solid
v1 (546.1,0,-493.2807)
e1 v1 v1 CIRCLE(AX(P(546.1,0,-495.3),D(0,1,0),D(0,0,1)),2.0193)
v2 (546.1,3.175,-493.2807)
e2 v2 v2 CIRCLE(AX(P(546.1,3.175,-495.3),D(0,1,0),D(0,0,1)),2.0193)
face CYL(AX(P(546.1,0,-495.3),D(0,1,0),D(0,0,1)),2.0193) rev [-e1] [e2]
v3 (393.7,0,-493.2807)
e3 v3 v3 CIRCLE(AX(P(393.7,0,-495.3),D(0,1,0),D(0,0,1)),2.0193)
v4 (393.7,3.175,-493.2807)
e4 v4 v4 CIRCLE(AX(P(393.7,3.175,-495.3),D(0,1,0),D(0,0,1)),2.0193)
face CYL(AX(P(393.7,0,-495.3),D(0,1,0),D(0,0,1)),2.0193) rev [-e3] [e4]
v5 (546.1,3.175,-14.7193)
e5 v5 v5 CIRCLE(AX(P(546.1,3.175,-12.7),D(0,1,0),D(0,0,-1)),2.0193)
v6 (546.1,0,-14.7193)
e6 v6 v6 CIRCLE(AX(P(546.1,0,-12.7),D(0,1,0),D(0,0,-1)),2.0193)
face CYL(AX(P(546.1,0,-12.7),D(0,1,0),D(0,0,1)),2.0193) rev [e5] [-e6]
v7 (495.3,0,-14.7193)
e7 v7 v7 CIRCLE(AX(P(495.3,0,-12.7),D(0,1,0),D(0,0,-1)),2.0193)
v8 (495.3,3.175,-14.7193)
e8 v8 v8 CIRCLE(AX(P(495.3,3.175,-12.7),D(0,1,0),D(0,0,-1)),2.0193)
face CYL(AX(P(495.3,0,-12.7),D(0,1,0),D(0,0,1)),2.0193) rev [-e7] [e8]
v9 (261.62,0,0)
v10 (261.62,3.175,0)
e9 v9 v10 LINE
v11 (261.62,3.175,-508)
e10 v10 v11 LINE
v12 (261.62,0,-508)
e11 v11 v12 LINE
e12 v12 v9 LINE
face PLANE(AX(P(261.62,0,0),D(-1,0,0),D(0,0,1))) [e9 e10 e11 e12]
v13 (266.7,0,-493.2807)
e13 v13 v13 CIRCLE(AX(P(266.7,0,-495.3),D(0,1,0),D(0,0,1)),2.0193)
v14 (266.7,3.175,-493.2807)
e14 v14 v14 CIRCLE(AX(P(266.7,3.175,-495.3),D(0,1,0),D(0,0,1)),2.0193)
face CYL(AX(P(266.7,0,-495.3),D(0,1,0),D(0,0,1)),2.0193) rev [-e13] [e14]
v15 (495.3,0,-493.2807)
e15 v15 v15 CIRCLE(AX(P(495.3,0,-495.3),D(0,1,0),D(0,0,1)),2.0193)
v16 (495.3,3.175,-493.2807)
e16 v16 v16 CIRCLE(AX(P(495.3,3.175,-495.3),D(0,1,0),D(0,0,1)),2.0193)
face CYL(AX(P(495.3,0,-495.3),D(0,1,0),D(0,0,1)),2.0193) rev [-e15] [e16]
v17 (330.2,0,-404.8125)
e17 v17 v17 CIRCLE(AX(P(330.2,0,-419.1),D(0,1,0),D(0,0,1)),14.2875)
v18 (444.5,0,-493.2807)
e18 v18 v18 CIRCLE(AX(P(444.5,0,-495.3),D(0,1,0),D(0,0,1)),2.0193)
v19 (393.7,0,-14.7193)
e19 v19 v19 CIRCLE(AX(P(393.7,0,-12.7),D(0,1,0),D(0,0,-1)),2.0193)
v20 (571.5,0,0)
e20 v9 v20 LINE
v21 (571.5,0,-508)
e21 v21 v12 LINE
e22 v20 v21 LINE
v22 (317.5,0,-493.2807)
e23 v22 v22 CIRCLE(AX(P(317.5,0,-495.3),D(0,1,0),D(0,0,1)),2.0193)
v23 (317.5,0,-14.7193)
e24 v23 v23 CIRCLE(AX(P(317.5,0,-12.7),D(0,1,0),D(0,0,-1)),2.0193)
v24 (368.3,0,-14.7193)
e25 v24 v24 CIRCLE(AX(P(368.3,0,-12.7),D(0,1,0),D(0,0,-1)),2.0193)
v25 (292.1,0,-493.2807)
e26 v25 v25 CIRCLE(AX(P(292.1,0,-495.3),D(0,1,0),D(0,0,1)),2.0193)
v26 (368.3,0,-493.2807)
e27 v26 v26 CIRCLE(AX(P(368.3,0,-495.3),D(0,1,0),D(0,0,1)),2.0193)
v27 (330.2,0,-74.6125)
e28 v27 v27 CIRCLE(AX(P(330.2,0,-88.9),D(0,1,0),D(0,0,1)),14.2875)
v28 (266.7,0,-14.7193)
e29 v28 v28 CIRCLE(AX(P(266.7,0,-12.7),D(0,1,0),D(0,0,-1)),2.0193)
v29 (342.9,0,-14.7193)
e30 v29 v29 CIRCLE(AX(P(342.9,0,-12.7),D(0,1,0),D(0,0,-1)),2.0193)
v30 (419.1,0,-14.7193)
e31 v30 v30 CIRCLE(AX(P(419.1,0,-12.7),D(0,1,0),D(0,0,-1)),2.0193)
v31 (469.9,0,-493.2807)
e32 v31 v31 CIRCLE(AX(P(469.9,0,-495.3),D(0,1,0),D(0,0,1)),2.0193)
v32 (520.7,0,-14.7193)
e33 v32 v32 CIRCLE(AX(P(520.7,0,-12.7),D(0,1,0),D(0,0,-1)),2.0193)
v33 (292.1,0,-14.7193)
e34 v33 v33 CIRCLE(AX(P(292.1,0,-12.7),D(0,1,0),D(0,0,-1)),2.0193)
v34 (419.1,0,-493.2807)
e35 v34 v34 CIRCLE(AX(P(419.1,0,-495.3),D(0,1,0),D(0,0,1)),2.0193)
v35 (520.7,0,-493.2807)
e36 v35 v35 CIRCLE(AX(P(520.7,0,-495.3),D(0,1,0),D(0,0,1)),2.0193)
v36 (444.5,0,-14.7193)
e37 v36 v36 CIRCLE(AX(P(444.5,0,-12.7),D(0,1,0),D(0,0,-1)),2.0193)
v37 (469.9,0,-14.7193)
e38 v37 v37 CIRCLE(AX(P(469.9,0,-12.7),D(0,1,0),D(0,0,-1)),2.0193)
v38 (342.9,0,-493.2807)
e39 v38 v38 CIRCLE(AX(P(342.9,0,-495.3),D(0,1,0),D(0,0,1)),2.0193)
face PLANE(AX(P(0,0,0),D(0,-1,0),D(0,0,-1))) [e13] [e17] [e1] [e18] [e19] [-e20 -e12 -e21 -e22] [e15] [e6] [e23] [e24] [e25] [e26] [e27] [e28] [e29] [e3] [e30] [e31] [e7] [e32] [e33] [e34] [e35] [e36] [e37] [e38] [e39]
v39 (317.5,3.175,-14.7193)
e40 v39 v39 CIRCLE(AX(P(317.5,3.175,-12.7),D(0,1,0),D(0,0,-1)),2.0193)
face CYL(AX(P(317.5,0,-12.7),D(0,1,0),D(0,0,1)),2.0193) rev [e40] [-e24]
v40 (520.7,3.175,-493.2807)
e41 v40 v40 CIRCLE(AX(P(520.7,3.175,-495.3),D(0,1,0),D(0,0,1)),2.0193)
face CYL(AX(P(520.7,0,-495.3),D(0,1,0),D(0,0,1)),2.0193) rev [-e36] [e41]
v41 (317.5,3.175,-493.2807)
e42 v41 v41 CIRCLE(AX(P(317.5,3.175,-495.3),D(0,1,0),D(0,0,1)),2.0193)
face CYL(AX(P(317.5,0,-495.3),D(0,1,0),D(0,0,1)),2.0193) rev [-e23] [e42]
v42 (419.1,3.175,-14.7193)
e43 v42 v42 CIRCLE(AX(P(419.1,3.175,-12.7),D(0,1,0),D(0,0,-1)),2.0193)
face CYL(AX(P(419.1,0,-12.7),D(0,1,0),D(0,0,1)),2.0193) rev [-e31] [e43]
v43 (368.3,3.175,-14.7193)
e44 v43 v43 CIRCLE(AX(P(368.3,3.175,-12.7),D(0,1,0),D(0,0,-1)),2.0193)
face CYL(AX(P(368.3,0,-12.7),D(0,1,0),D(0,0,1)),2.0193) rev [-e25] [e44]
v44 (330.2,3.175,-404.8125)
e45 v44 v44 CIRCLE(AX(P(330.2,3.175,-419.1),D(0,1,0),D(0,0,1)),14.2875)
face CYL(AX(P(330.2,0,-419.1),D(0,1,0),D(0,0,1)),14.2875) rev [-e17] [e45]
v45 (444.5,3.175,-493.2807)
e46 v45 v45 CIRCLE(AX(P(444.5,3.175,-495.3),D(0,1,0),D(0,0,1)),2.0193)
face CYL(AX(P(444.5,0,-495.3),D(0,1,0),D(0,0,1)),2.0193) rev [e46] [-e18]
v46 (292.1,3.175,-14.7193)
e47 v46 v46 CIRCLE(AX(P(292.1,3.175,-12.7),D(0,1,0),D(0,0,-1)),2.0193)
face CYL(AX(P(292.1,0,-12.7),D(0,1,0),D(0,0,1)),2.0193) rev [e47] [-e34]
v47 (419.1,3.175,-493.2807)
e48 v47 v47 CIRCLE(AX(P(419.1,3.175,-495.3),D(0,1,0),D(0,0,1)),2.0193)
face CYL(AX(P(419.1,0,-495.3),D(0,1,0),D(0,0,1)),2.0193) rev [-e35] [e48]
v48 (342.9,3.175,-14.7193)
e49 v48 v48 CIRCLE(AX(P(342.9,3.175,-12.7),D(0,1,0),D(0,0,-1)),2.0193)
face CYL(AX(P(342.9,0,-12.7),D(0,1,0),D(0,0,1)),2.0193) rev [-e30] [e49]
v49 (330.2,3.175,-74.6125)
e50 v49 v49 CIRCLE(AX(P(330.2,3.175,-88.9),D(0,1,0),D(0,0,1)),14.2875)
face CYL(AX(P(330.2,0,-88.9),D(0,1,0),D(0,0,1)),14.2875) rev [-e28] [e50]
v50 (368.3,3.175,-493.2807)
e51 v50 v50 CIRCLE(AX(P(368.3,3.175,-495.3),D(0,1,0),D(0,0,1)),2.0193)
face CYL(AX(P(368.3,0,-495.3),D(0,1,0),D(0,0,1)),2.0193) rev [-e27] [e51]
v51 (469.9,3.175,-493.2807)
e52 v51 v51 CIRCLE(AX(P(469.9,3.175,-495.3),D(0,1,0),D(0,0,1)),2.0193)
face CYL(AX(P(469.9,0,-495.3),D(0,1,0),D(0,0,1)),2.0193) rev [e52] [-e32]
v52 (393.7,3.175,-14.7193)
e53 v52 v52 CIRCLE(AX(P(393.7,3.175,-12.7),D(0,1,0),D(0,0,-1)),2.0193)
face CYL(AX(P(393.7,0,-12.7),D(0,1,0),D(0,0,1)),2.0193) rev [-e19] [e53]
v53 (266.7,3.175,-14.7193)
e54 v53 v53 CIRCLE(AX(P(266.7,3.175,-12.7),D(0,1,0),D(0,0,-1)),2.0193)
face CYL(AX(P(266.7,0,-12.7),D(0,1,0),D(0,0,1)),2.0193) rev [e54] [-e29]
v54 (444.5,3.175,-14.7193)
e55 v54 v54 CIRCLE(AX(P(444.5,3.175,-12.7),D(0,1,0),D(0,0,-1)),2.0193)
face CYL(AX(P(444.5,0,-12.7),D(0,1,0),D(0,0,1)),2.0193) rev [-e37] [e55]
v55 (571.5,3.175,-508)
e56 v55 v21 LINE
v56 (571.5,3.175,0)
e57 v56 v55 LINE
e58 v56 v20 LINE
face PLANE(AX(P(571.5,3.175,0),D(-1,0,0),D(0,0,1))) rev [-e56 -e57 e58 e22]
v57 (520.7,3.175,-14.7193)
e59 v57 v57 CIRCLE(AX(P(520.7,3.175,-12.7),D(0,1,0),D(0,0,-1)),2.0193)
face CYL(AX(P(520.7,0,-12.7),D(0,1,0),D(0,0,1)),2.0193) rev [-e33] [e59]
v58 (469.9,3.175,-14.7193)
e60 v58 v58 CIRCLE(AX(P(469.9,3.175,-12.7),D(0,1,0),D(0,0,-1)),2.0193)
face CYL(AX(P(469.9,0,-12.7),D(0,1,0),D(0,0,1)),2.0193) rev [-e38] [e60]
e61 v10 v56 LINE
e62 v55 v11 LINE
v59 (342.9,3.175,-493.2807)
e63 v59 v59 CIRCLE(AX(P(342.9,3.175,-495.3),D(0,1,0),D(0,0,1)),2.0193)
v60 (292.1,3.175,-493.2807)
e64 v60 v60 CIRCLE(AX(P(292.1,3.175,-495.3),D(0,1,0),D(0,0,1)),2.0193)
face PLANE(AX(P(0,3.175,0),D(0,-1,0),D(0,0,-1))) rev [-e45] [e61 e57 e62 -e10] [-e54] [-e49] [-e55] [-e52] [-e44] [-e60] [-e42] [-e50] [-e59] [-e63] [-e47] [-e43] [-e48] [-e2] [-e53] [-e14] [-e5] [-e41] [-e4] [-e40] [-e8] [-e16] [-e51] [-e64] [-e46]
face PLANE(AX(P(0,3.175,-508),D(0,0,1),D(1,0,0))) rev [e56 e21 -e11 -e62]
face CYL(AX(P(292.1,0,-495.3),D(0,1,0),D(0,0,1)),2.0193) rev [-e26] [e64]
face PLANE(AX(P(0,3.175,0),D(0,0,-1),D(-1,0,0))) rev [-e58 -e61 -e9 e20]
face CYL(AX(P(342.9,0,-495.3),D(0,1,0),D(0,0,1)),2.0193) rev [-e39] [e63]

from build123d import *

# Parameters (mm, degrees)
SKETCH1_W               = 571.5
SKETCH1_H               = 508
BOSS_EXTRUDE1_DEPTH     = 3.175
SKETCH2_R               = 14.2875
CUT_EXTRUDE1_DEPTH      = 3.175
SKETCH4_R               = 2.0193
CUT_EXTRUDE3_DEPTH      = 1
CUT_EXTRUDE3_DEPTH_BACK = 4.175
SKETCH5_W               = 619.579537293
SKETCH5_H               = 89.035098343
CUT_EXTRUDE4_DEPTH      = 165.1
SKETCH6_W               = 508
SKETCH6_H               = 3.175
CUT_EXTRUDE5_DEPTH      = 96.52


with BuildPart() as part:
    # Sketch1 → Boss-Extrude1 (new body)
    with BuildSketch(Plane(origin=(0, 0, 0), x_dir=(1, 0, 0), z_dir=(0, 1, 0))):
        with Locations((285.75, 254)):
            Rectangle(SKETCH1_W, SKETCH1_H)
    extrude(amount=BOSS_EXTRUDE1_DEPTH)

    # Sketch2 → Cut-Extrude1 (cut)
    with BuildSketch(Plane(origin=(0, 3.175, 0), x_dir=(1, 0, 0), z_dir=(0, 1, 0))):
        with Locations((330.2, 419.1)):
            Circle(SKETCH2_R)
        with Locations((330.2, 88.9)):
            Circle(SKETCH2_R)
    extrude(amount=-CUT_EXTRUDE1_DEPTH, mode=Mode.SUBTRACT)

    # Sketch4 → Cut-Extrude3 (cut, two sides)
    with BuildSketch(Plane(origin=(0, 3.175, 0), x_dir=(1, 0, 0), z_dir=(0, 1, 0))) as cut_extrude3_sk:
        with Locations((546.1, 495.3)):
            Circle(SKETCH4_R)
        with Locations((520.7, 495.3)):
            Circle(SKETCH4_R)
        with Locations((495.3, 495.3)):
            Circle(SKETCH4_R)
        with Locations((469.9, 495.3)):
            Circle(SKETCH4_R)
        with Locations((444.5, 495.3)):
            Circle(SKETCH4_R)
        with Locations((419.1, 495.3)):
            Circle(SKETCH4_R)
        with Locations((393.7, 495.3)):
            Circle(SKETCH4_R)
        with Locations((368.3, 495.3)):
            Circle(SKETCH4_R)
        with Locations((342.9, 495.3)):
            Circle(SKETCH4_R)
        with Locations((317.5, 495.3)):
            Circle(SKETCH4_R)
        with Locations((292.1, 495.3)):
            Circle(SKETCH4_R)
        with Locations((266.7, 495.3)):
            Circle(SKETCH4_R)
        with Locations((228.6, 495.3)):
            Circle(SKETCH4_R)
        with Locations((203.2, 495.3)):
            Circle(SKETCH4_R)
        with Locations((203.2, 12.7)):
            Circle(SKETCH4_R)
        with Locations((228.6, 12.7)):
            Circle(SKETCH4_R)
        with Locations((266.7, 12.7)):
            Circle(SKETCH4_R)
        with Locations((292.1, 12.7)):
            Circle(SKETCH4_R)
        with Locations((317.5, 12.7)):
            Circle(SKETCH4_R)
        with Locations((342.9, 12.7)):
            Circle(SKETCH4_R)
        with Locations((368.3, 12.7)):
            Circle(SKETCH4_R)
        with Locations((393.7, 12.7)):
            Circle(SKETCH4_R)
        with Locations((419.1, 12.7)):
            Circle(SKETCH4_R)
        with Locations((444.5, 12.7)):
            Circle(SKETCH4_R)
        with Locations((469.9, 12.7)):
            Circle(SKETCH4_R)
        with Locations((495.3, 12.7)):
            Circle(SKETCH4_R)
        with Locations((520.7, 12.7)):
            Circle(SKETCH4_R)
        with Locations((546.1, 12.7)):
            Circle(SKETCH4_R)
    extrude(amount=CUT_EXTRUDE3_DEPTH, mode=Mode.SUBTRACT)
    extrude(cut_extrude3_sk.sketch, amount=-CUT_EXTRUDE3_DEPTH_BACK, mode=Mode.SUBTRACT)

    # Sketch5 → Cut-Extrude4 (cut)
    with BuildSketch(Plane.ZY):
        with Locations((-257.641209254, 26.710529503)):
            Rectangle(SKETCH5_W, SKETCH5_H)
    extrude(amount=-CUT_EXTRUDE4_DEPTH, mode=Mode.SUBTRACT)

    # Sketch6 → Cut-Extrude5 (cut)
    with BuildSketch(Plane.ZY.offset(-165.1)):
        with Locations((-254, 1.5875)):
            Rectangle(SKETCH6_W, SKETCH6_H)
    extrude(amount=-CUT_EXTRUDE5_DEPTH, mode=Mode.SUBTRACT)


solid = part.part
